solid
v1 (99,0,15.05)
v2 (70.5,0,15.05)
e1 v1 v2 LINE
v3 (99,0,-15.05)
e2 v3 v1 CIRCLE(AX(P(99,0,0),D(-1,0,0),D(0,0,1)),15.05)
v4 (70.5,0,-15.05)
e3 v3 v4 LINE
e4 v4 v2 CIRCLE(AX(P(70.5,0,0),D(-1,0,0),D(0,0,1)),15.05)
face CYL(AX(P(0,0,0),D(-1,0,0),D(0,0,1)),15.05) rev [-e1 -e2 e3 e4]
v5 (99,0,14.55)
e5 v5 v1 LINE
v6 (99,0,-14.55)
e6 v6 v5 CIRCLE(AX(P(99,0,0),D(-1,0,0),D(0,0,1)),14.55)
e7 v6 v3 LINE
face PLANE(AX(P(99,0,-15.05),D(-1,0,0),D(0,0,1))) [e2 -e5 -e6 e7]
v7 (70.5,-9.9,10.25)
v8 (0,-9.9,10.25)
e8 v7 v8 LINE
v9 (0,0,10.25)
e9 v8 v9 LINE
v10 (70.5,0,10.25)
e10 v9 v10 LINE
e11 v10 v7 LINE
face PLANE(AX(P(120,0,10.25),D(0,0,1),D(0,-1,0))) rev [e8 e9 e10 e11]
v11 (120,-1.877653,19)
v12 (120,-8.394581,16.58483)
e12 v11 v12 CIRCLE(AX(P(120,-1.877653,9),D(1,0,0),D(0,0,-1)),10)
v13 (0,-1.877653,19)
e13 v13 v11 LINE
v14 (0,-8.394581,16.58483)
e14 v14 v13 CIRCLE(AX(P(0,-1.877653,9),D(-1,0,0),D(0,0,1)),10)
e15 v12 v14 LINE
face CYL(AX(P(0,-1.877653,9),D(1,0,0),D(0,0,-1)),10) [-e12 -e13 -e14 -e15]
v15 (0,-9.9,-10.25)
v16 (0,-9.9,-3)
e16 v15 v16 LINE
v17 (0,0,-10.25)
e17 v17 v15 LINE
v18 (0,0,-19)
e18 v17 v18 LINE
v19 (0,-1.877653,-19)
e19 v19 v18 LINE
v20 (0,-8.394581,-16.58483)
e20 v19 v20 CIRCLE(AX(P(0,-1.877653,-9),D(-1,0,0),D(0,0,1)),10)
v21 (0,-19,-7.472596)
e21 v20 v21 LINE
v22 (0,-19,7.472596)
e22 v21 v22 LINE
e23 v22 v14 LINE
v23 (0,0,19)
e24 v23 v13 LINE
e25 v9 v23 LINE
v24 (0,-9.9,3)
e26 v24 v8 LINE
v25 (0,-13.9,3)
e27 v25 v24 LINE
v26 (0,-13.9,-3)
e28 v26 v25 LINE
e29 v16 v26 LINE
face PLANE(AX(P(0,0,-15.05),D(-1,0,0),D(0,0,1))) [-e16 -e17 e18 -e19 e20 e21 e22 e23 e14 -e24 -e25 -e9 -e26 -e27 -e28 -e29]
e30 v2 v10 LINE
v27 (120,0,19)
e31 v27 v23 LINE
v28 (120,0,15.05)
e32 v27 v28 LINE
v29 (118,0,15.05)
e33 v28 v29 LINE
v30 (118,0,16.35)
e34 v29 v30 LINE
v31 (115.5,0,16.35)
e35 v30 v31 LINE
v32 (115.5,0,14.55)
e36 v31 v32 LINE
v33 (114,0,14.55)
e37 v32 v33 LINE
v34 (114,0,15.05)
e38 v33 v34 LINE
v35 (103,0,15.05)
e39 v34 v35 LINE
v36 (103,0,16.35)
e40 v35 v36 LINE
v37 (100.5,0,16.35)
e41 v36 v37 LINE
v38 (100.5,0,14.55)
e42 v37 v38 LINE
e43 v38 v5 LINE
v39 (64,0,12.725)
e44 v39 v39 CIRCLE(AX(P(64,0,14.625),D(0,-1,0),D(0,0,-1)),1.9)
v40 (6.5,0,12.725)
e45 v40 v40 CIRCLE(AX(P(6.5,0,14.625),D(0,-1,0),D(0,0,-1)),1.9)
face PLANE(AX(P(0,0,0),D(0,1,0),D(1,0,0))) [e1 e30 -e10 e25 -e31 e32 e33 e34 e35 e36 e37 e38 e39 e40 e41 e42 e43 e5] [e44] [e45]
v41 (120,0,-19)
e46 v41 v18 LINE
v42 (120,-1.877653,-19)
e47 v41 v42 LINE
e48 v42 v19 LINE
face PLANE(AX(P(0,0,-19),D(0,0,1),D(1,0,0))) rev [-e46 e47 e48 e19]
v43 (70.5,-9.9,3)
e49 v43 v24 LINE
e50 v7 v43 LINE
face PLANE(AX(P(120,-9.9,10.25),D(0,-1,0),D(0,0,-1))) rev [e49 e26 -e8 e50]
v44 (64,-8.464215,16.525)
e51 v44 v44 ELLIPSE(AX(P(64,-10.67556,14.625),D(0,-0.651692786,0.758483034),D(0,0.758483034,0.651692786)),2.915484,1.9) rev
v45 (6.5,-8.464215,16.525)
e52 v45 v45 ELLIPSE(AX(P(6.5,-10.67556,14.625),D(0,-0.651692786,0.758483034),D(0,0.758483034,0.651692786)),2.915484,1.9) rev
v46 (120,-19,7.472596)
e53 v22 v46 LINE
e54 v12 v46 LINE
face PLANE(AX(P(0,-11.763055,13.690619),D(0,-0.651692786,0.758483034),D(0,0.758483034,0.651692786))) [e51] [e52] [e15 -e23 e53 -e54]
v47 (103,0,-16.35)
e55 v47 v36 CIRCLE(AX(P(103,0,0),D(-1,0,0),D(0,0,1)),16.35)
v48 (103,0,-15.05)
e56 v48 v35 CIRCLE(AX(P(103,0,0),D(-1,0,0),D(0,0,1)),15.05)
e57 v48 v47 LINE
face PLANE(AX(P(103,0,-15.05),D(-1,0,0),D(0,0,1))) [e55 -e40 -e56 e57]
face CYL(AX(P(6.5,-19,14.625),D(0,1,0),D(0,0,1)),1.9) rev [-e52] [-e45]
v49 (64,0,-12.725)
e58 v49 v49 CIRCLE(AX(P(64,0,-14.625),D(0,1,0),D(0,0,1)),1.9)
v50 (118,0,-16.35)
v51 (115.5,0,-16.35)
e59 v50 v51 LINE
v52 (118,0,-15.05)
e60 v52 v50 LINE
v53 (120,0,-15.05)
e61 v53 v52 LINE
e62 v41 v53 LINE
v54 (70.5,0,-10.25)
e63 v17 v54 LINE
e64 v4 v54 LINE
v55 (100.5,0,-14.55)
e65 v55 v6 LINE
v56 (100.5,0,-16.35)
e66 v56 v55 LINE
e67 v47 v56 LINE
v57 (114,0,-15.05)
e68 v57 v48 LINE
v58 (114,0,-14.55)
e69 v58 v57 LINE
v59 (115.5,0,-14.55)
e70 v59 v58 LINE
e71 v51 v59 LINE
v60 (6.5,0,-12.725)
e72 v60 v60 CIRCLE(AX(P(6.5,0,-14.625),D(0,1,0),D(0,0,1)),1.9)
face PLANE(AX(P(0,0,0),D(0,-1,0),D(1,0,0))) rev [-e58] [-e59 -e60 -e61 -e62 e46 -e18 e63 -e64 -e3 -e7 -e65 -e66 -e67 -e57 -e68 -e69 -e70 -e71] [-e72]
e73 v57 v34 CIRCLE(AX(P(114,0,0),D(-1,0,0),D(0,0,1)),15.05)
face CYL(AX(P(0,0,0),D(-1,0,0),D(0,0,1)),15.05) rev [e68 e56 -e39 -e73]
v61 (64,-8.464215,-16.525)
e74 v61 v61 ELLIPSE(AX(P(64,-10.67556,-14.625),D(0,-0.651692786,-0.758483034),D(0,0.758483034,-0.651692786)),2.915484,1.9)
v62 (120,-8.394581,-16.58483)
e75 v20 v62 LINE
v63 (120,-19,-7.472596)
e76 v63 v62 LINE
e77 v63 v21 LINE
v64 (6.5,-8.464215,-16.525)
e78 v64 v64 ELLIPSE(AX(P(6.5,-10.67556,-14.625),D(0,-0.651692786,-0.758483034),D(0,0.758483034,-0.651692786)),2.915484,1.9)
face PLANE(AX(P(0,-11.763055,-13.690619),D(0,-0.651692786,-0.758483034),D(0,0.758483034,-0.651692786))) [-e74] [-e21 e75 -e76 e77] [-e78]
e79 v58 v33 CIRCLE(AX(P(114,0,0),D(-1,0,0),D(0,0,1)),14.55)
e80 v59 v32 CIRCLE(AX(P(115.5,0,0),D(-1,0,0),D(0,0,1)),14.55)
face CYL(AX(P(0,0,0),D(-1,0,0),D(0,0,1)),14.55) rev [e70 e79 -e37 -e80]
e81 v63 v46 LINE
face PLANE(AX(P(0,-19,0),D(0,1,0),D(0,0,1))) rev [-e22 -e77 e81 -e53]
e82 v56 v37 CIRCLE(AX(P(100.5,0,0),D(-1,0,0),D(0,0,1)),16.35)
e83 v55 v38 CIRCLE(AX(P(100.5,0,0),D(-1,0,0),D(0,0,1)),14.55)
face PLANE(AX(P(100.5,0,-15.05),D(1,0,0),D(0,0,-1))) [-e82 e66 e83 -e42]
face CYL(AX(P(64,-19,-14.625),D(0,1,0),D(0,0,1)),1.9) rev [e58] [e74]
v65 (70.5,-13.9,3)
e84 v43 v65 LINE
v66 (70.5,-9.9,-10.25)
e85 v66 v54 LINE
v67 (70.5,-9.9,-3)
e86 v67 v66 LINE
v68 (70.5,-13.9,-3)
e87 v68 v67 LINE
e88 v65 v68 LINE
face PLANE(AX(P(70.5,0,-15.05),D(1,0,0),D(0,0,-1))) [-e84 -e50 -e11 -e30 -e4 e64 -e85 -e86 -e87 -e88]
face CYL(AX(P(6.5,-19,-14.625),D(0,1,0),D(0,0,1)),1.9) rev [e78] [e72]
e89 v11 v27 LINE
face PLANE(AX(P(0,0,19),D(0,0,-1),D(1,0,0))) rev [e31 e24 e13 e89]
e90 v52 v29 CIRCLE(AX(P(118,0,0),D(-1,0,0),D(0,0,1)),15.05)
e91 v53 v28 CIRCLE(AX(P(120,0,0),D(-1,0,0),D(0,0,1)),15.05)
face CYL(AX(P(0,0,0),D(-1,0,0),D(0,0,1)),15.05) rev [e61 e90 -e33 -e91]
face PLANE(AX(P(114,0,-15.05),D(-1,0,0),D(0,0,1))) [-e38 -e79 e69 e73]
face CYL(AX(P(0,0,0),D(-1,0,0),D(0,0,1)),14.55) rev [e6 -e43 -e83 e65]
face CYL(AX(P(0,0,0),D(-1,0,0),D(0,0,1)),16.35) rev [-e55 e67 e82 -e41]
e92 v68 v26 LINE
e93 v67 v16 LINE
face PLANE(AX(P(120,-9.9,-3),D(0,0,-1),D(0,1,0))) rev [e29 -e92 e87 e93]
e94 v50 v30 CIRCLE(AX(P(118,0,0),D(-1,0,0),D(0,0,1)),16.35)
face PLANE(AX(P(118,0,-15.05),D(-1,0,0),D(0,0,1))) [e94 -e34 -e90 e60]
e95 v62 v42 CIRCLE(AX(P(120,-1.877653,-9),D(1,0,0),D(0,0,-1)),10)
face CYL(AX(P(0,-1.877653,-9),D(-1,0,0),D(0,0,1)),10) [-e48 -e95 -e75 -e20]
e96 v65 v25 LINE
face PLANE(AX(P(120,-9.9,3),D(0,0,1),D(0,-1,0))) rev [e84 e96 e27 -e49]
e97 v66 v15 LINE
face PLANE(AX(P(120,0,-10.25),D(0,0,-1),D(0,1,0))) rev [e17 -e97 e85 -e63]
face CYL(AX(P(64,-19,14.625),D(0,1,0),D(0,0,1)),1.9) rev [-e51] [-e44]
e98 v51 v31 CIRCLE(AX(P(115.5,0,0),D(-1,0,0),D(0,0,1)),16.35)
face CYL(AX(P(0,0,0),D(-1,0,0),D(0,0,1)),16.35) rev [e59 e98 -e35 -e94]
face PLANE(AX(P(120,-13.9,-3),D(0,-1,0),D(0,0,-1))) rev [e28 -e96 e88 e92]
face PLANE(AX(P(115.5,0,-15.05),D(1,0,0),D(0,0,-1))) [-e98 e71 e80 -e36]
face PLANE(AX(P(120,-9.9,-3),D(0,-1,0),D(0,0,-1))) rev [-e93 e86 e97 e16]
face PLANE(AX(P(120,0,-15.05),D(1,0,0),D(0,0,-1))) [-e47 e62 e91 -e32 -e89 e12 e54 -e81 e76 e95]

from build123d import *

# Parameters (mm, degrees)
R_VOLUTION1_ANGLE       = 180
ENL_V_START             = -19
ESQUISSE2_W             = 120
ESQUISSE2_H             = 50.1
ENL_V_MAT_EXTRU_1_DEPTH = 10
ESQUISSE3_W             = 146.438377439
ESQUISSE3_H             = 50.311635948
ENL_V_MAT_EXTRU_2_DEPTH = 10
ESQUISSE4_W             = 156.060048108
ESQUISSE4_H             = 43.154210134
ENL_V_MAT_EXTRU_3_DEPTH = 7
CONG_1_R                = 10
ENL_V_MAT_EXTRU_4_DEPTH = 121
ESQUISSE6_R             = 1.9
ENL_V_MAT_EXTRU_5_DEPTH = 20


with BuildPart() as part:
    # Esquisse1 → Révolution1 (revolve, symmetric)
    with BuildSketch(Plane.XY) as r_volution1_sk:
        Polygon((70.5, -15.05), (99, -15.05), (99, -14.55), (100.5, -14.55), (100.5, -15.05), (100.5, -16.35), (103, -16.35), (103, -15.05), (114, -15.05), (114, -14.55), (115.5, -14.55), (115.5, -15.05), (115.5, -16.35), (118, -16.35), (118, -15.05), (120, -15.05), (120, -25.05), (0, -25.05), (0, -15.05), (0, -9.55), (70.5, -9.55), align=None)
    revolve(axis=Axis((0, 0, 0), (1, 0, 0)), revolution_arc=R_VOLUTION1_ANGLE / 2)
    revolve(r_volution1_sk.sketch, axis=Axis((0, 0, 0), (-1, 0, 0)), revolution_arc=R_VOLUTION1_ANGLE / 2)

    # Esquisse2 → Enlèv. mat.-Extru.1 (cut)
    with BuildSketch(Plane(origin=(0, 0, 0), x_dir=(1, 0, 0), z_dir=(0, 1, 0)).offset(ENL_V_START)):
        with Locations((60, 0)):
            Rectangle(ESQUISSE2_W, ESQUISSE2_H)
    extrude(amount=-ENL_V_MAT_EXTRU_1_DEPTH, mode=Mode.SUBTRACT)

    # Esquisse3 → Enlèv. mat.-Extru.2 (cut)
    with BuildSketch(Plane.XY.offset(ENL_V_START)):
        with Locations((56.62202011, -13.21090671)):
            Rectangle(ESQUISSE3_W, ESQUISSE3_H)
    enl_v_mat_extru_2 = extrude(amount=-ENL_V_MAT_EXTRU_2_DEPTH, mode=Mode.SUBTRACT)

    # Esquisse4 → Enlèv. mat.-Extru.3 (cut)
    with BuildSketch(Plane(origin=(0, -16.324904288, -19), x_dir=(-1, 0, 0), z_dir=(0, -0.651692786, -0.758483034))):
        with Locations((-53.986796091, -2.160595236)):
            Rectangle(ESQUISSE4_W, ESQUISSE4_H)
    enl_v_mat_extru_3 = extrude(amount=-ENL_V_MAT_EXTRU_3_DEPTH, mode=Mode.SUBTRACT)

    # Symétrie1: Enlèv. mat.-Extru.2, Enlèv. mat.-Extru.3 across plane
    add(enl_v_mat_extru_2.mirror(Plane.XY), mode=Mode.SUBTRACT)
    add(enl_v_mat_extru_3.mirror(Plane.XY), mode=Mode.SUBTRACT)

    # Congé1
    cong_1_edges = [part.edges().sort_by_distance(p)[0] for p in [
        (60, -5.583646825, 19),
        (60, -5.583646825, -19),
    ]]
    fillet(cong_1_edges, radius=CONG_1_R)

    # Esquisse5 → Enlèv. mat.-Extru.4 (cut, through all)
    with BuildSketch(Plane.ZY):
        Polygon((10.25, 0), (-10.25, 0), (-10.25, -9.9), (-3, -9.9), (-3, -13.9), (3, -13.9), (3, -9.9), (10.25, -9.9), align=None)
    extrude(amount=-ENL_V_MAT_EXTRU_4_DEPTH, mode=Mode.SUBTRACT)

    # Esquisse6 → Enlèv. mat.-Extru.5 (cut, through all)
    with BuildSketch(Plane(origin=(0, 0, 0), x_dir=(1, 0, 0), z_dir=(0, 1, 0))):
        with Locations((6.5, 14.625)):
            Circle(ESQUISSE6_R)
        with Locations((64, 14.625)):
            Circle(ESQUISSE6_R)
    enl_v_mat_extru_5 = extrude(amount=-ENL_V_MAT_EXTRU_5_DEPTH, mode=Mode.SUBTRACT)

    # Symétrie2: Enlèv. mat.-Extru.5 across plane
    add(enl_v_mat_extru_5.mirror(Plane.XY), mode=Mode.SUBTRACT)


solid = part.part
